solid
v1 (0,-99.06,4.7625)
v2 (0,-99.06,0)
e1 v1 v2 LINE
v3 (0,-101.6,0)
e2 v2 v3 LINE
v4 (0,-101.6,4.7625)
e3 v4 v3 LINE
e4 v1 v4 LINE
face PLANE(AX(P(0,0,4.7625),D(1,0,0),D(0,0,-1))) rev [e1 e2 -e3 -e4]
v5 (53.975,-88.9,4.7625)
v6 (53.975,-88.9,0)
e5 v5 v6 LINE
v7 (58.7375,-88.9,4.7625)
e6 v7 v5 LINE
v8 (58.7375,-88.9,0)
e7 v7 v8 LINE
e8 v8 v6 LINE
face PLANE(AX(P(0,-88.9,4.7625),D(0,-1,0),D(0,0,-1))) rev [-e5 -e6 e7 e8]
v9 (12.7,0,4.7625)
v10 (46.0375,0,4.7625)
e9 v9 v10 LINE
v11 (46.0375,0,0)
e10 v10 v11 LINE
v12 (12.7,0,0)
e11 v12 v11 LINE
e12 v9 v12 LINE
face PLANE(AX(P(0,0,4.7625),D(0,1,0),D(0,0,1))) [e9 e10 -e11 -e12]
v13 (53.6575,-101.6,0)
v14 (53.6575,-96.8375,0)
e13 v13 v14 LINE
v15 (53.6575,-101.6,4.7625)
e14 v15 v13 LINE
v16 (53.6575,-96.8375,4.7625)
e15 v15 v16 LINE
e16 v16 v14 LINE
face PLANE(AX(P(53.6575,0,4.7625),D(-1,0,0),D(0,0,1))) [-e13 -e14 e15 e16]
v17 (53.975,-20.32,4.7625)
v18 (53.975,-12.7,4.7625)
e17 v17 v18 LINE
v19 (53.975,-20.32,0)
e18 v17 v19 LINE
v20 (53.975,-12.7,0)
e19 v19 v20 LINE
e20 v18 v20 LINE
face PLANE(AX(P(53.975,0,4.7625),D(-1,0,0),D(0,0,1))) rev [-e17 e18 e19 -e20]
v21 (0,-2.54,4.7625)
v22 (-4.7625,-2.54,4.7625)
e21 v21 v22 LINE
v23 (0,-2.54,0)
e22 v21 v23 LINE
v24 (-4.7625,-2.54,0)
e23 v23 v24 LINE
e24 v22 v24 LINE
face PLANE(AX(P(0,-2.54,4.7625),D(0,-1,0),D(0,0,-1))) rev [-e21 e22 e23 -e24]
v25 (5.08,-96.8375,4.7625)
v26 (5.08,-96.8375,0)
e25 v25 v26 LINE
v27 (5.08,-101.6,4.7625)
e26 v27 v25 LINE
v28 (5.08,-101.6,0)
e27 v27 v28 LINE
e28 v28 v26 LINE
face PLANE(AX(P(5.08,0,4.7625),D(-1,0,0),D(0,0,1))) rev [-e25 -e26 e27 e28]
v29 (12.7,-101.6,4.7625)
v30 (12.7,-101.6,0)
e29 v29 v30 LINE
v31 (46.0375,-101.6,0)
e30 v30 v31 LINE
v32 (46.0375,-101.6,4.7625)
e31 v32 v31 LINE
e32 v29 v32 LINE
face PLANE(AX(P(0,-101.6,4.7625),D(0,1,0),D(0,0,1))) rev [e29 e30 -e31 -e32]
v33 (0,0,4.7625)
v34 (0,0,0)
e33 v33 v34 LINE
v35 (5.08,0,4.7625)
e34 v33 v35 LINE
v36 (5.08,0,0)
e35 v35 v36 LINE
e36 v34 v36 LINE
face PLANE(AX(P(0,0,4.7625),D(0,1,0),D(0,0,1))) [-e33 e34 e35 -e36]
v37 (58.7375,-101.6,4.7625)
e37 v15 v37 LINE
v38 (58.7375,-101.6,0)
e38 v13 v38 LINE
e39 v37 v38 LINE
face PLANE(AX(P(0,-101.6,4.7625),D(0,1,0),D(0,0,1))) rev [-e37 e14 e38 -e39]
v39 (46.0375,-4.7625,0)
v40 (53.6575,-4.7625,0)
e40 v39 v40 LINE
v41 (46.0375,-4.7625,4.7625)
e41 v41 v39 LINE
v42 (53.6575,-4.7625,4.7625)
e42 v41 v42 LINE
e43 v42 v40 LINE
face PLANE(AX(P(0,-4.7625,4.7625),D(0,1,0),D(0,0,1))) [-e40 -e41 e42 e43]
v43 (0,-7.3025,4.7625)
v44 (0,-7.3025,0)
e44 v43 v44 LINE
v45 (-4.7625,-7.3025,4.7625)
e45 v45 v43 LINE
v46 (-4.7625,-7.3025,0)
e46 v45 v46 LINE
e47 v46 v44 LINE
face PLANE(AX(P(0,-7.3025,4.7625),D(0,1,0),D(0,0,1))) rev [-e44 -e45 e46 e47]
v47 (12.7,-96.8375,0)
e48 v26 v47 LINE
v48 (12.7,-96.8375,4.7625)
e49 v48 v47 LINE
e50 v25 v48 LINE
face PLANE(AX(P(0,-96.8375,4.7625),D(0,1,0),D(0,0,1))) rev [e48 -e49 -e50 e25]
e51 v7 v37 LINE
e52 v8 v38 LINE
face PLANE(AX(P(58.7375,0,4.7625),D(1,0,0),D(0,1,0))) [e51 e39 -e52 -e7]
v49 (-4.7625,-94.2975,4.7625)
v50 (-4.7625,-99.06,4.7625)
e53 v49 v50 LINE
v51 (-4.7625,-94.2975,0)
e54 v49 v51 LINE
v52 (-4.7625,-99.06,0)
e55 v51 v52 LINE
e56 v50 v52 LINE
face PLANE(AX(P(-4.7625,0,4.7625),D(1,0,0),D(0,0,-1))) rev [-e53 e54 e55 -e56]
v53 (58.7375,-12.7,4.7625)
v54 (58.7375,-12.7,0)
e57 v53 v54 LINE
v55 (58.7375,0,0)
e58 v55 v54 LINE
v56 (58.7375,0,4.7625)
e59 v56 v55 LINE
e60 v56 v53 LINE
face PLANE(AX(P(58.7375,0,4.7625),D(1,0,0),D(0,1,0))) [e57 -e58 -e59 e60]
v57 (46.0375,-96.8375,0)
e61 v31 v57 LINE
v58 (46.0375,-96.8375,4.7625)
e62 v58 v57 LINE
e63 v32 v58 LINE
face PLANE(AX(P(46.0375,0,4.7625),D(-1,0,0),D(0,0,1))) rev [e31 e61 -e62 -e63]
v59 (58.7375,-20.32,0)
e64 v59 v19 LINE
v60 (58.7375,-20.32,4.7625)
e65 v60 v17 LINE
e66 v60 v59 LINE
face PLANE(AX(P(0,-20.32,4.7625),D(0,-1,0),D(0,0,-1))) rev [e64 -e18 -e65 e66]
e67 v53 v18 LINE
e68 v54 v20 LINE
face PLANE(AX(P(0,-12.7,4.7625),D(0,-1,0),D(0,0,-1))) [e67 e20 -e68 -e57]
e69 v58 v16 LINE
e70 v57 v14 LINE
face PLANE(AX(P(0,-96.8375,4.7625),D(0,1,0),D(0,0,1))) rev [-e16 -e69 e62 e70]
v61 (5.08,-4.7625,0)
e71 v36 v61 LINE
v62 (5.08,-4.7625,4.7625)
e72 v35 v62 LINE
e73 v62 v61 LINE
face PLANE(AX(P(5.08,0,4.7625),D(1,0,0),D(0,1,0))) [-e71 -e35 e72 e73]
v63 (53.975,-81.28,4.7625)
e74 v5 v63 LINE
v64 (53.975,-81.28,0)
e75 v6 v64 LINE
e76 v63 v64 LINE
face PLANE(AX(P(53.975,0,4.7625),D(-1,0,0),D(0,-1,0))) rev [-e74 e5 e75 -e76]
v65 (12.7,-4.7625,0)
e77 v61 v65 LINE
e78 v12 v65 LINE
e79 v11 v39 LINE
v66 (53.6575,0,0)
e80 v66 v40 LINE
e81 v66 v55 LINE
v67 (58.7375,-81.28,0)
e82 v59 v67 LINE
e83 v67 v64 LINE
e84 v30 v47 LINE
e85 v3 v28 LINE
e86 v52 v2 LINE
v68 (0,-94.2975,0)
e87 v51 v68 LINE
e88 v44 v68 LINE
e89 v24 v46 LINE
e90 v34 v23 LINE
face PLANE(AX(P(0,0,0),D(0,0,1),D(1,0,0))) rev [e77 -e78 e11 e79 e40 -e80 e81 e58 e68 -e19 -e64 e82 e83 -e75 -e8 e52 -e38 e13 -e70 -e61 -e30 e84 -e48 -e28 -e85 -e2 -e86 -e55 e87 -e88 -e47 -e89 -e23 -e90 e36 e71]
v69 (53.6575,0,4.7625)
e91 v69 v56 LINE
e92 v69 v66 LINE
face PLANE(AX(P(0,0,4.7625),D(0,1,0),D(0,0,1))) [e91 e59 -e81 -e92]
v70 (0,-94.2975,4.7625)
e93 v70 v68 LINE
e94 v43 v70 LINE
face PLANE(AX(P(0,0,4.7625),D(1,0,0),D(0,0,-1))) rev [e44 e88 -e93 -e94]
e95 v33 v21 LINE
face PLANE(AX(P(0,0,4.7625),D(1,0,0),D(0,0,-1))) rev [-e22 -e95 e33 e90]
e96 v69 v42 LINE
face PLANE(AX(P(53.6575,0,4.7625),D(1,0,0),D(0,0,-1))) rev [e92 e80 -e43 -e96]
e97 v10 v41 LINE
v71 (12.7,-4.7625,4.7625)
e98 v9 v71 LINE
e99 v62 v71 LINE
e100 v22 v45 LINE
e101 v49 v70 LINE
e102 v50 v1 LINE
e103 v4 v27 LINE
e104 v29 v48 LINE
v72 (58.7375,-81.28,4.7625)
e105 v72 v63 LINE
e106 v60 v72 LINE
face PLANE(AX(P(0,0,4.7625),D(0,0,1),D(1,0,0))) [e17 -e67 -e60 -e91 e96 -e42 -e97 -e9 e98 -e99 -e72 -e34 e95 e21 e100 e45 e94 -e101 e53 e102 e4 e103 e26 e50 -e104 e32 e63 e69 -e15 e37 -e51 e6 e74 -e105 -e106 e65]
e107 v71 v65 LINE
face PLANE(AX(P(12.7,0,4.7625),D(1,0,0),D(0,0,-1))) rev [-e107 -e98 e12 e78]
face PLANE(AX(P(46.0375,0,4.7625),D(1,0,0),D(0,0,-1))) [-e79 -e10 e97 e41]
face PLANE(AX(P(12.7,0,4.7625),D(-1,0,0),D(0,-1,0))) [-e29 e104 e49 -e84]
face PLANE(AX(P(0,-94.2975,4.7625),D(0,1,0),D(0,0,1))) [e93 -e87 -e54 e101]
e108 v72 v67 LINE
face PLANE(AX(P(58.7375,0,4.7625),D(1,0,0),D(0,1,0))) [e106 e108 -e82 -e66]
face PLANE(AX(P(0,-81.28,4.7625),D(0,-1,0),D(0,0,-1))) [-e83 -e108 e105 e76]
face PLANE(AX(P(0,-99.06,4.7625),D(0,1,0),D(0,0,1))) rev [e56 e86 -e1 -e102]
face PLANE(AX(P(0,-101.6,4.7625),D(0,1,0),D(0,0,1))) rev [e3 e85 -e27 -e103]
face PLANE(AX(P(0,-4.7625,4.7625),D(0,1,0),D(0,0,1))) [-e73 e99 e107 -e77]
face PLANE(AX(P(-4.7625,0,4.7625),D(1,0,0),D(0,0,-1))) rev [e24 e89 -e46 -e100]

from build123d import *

# Parameters (mm, degrees)
SKETCH2_W           = 4.7625
SKETCH2_H           = 4.7625
BOSS_EXTRUDE1_DEPTH = 4.7625


with BuildPart() as part:
    # Sketch2 → Boss-Extrude1 (new body)
    with BuildSketch(Plane.XY):
        with Locations((-2.38125, -96.67875)):
            Rectangle(SKETCH2_W, SKETCH2_H)
        with Locations((-2.38125, -4.92125)):
            Rectangle(SKETCH2_W, SKETCH2_H)
        Polygon((5.08, 0), (0, 0), (0, -2.54), (0, -7.3025), (0, -94.2975), (0, -99.06), (0, -101.6), (5.08, -101.6), (5.08, -96.8375), (12.7, -96.8375), (12.7, -101.6), (46.0375, -101.6), (46.0375, -96.8375), (53.6575, -96.8375), (53.6575, -101.6), (58.7375, -101.6), (58.7375, -88.9), (53.975, -88.9), (53.975, -81.28), (58.7375, -81.28), (58.7375, -20.32), (53.975, -20.32), (53.975, -12.7), (58.7375, -12.7), (58.7375, 0), (53.6575, 0), (53.6575, -4.7625), (46.0375, -4.7625), (46.0375, 0), (12.7, 0), (12.7, -4.7625), (5.08, -4.7625), align=None)
    extrude(amount=BOSS_EXTRUDE1_DEPTH)


solid = part.part
